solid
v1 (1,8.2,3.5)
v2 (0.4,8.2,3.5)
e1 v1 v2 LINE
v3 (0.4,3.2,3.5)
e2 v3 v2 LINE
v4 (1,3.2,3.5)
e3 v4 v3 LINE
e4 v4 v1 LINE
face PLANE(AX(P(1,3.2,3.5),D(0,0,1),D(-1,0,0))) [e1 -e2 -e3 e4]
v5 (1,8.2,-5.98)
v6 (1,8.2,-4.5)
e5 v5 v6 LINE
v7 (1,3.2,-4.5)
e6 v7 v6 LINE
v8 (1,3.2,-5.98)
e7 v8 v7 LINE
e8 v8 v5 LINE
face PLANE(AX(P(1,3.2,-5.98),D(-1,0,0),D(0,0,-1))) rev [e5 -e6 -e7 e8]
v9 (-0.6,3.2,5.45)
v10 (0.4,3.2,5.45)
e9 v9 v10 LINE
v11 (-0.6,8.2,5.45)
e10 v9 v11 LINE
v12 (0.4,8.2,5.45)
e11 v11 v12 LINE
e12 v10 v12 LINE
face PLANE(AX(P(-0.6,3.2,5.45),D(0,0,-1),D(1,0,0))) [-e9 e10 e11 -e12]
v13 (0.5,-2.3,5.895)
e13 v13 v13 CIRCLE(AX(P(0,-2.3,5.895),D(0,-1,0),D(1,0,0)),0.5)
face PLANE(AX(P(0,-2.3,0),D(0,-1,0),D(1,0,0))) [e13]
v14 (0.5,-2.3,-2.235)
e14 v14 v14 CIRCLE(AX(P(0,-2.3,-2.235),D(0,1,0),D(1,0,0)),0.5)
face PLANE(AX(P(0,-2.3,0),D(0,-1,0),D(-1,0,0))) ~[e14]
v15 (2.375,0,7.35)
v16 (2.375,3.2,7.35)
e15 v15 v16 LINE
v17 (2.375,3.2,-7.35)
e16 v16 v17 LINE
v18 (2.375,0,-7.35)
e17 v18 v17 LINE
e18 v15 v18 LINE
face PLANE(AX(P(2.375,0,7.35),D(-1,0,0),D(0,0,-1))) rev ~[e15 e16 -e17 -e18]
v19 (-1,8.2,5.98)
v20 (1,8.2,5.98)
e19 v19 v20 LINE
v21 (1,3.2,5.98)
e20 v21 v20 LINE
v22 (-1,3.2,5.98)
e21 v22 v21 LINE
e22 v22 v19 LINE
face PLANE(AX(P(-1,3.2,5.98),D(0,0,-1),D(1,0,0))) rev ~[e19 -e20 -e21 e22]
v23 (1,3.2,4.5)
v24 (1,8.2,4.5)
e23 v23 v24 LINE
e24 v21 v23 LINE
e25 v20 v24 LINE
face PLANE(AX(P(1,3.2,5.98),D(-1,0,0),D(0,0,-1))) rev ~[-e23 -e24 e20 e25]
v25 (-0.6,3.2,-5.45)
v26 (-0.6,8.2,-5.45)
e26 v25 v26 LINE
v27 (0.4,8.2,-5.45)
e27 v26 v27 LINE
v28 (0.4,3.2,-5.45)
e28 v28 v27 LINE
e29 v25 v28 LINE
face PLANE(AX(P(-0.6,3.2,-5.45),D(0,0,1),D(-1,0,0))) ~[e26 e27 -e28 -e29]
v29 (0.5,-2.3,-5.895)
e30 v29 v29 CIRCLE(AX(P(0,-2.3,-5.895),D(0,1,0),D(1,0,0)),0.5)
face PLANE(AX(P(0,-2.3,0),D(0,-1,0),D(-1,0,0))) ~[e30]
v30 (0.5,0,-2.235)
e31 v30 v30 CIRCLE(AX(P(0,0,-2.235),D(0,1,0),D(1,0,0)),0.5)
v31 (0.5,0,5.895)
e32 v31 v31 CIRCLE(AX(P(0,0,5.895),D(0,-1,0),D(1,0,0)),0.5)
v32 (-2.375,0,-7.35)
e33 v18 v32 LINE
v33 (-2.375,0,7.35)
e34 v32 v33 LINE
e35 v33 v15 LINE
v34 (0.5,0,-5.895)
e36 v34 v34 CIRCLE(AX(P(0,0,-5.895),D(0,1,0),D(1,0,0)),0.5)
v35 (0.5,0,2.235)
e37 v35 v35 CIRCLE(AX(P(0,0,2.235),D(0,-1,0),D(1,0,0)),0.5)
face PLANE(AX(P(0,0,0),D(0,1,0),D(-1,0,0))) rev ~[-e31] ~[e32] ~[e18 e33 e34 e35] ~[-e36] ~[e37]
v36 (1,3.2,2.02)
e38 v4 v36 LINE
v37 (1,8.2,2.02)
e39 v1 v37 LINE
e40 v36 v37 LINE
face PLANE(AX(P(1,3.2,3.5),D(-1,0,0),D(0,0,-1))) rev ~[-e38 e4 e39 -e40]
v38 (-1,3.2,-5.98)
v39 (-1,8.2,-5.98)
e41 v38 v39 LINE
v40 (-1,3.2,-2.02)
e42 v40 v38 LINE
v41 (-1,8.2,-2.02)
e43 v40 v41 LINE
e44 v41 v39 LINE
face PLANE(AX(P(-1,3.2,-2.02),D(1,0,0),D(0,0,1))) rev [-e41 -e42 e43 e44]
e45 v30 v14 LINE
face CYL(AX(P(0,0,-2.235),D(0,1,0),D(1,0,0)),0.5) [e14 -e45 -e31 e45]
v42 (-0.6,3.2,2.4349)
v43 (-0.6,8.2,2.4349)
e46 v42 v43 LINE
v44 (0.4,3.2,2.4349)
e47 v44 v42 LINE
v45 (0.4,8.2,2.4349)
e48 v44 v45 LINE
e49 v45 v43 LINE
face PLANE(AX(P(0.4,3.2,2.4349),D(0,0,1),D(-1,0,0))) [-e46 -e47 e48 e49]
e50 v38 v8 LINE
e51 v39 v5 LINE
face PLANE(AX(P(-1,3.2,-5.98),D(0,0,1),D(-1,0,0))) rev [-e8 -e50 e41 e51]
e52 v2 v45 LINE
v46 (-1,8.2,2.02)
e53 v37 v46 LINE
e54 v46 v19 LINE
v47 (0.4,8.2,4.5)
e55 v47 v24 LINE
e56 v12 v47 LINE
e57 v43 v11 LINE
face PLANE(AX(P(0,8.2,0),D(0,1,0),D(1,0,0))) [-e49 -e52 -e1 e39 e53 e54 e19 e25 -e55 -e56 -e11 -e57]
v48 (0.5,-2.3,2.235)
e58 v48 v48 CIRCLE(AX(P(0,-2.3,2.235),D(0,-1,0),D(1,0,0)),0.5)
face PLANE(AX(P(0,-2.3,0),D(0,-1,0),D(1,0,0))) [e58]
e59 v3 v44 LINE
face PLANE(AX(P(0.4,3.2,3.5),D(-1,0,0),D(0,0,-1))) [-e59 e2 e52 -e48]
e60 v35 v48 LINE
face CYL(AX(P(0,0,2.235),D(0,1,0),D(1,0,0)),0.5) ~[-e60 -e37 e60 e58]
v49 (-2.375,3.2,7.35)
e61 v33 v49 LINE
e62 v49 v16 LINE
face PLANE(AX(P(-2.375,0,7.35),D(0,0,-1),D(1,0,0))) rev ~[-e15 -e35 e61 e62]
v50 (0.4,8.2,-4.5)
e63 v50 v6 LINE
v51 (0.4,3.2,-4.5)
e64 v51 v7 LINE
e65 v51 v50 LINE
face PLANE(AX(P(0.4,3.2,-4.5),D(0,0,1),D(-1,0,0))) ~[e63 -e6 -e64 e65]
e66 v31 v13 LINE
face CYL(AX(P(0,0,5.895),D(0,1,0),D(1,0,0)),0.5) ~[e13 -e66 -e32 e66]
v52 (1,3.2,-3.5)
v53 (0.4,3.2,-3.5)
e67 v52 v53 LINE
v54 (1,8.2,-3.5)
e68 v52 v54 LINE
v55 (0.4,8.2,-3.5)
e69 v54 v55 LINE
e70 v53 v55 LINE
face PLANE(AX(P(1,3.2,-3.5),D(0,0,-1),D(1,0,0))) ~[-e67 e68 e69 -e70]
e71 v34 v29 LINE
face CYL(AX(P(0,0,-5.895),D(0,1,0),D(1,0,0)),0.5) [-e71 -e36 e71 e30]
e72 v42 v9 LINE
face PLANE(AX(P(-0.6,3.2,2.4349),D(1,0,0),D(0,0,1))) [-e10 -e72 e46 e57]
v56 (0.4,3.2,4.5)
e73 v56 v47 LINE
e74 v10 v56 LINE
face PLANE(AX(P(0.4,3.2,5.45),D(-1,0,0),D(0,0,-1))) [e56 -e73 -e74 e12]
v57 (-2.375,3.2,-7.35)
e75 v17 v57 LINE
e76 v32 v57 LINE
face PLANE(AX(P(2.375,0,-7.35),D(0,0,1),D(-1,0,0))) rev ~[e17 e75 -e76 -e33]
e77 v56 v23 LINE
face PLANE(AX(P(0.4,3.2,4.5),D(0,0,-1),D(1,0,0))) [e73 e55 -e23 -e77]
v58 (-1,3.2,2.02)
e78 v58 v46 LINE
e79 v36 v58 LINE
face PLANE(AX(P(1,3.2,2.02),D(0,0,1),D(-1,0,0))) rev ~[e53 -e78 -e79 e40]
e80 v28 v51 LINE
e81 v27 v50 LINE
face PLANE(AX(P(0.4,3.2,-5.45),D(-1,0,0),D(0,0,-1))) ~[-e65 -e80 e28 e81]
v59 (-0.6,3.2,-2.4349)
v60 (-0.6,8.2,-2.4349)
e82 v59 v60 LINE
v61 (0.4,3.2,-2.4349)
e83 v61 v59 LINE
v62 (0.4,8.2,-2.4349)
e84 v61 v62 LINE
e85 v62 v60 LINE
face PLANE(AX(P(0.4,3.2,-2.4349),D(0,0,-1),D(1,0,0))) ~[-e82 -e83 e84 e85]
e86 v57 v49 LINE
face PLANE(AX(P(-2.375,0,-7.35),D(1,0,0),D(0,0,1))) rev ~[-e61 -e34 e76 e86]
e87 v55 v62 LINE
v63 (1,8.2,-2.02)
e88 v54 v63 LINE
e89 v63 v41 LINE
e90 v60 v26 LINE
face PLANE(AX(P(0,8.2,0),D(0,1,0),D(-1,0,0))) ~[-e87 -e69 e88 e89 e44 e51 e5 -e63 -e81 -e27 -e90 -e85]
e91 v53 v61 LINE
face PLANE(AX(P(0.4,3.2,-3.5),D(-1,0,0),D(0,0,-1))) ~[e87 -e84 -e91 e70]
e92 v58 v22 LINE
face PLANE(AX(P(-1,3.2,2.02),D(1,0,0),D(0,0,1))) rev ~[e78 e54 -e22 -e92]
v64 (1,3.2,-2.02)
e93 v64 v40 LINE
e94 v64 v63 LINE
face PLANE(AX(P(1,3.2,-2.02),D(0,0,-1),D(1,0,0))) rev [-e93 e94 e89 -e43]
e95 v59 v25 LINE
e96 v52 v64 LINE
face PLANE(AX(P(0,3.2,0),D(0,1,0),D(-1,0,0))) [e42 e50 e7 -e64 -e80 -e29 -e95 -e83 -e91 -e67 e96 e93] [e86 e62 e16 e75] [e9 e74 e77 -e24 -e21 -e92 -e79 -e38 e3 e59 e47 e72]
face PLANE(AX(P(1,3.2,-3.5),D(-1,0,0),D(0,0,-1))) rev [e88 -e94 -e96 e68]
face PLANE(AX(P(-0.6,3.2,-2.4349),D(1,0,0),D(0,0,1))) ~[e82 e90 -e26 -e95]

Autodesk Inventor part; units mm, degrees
ref_plane "YZ Plane" through (0, 0, 0) normal (1, 0, 0) x (0, 1, 0)
ref_plane "XZ Plane" through (0, 0, 0) normal (0, 1, 0) x (-1, 0, 0)
ref_plane "XY Plane" through (0, 0, 0) normal (0, 0, 1) x (1, 0, 0)
sketch "Sketch1" plane through (0, 0, 0) normal (0, 1, 0) x (-1, 0, 0)
  line L0 (2.375, 7.35) -> (-2.375, 7.35)
  line L1 (-2.375, 7.35) -> (-2.375, -7.35)
  line L2 (-2.375, -7.35) -> (2.375, -7.35)
  line L3 (2.375, -7.35) -> (2.375, 7.35)
  point P0 (0, 0)
  dimension "d0" = 14.7
  dimension "d1" = 4.75
  dimension "d2" = 2.375
  dimension "d3" = 7.35
extrude "Extrusion1" add sketch "Sketch1" along normal blind 3.2
sketch "Sketch2" plane through (0, 0, 0) normal (0, -1, 0) x (1, 0, 0)
  circle A0 centre (0, 5.895) radius 0.5
  circle A1 centre (0, 2.235) radius 0.5
  point P0 (0, 0)
  dimension "d6" = 3.66
  dimension "d7" = 2.235
  dimension "d8" = 1
  dimension "d9" = 1
extrude "Extrusion2" add sketch "Sketch2" along normal blind 2.3
sketch "Sketch3" plane through (0, 3.2, 0) normal (0, 1, 0) x (1, 0, 0)
  line L0 (-1, -5.98) -> (1, -5.98)
  line L1 (1, -5.98) -> (1, -2.02)
  line L2 (1, -2.02) -> (-1, -2.02)
  line L3 (-1, -2.02) -> (-1, -5.98)
  line L4 (-1, -4) -> (1, -4) construction
  line L5 (-0.6, -5.45) -> (0.4, -5.45)
  line L6 (0.4, -5.45) -> (0.4, -2.4349)
  line L7 (0.4, -2.4349) -> (-0.6, -2.4349)
  line L8 (-0.6, -2.4349) -> (-0.6, -5.45)
  line L9 (0.4, -4.5) -> (1, -4.5)
  line L10 (1, -4.5) -> (1, -3.5)
  line L11 (1, -3.5) -> (0.4, -3.5)
  line L12 (0.4, -3.5) -> (0.4, -4.5)
  point P0 (0, 0)
  dimension "d12" = 4
  dimension "d13" = 3.96
  dimension "d14" = 1
  dimension "d15" = 0.4
  dimension "d16" = 5.45
  dimension "d17" = 3.0151
  dimension "d18" = 2
  dimension "d19" = 1
  dimension "d20" = 0.5
  dimension "d21" = 1
extrude "Extrusion3" add sketch "Sketch3" along normal blind 5 contours L3 L2 L1 L11 L6 L7 L8 L5 L9 L0
mirror "Mirror1" about plane through (0, 0, 0) normal (0, 0, 1) of "Extrusion3", "Extrusion2"
properties part number "BK-6013_MiniATC_Fuse_Holder"
